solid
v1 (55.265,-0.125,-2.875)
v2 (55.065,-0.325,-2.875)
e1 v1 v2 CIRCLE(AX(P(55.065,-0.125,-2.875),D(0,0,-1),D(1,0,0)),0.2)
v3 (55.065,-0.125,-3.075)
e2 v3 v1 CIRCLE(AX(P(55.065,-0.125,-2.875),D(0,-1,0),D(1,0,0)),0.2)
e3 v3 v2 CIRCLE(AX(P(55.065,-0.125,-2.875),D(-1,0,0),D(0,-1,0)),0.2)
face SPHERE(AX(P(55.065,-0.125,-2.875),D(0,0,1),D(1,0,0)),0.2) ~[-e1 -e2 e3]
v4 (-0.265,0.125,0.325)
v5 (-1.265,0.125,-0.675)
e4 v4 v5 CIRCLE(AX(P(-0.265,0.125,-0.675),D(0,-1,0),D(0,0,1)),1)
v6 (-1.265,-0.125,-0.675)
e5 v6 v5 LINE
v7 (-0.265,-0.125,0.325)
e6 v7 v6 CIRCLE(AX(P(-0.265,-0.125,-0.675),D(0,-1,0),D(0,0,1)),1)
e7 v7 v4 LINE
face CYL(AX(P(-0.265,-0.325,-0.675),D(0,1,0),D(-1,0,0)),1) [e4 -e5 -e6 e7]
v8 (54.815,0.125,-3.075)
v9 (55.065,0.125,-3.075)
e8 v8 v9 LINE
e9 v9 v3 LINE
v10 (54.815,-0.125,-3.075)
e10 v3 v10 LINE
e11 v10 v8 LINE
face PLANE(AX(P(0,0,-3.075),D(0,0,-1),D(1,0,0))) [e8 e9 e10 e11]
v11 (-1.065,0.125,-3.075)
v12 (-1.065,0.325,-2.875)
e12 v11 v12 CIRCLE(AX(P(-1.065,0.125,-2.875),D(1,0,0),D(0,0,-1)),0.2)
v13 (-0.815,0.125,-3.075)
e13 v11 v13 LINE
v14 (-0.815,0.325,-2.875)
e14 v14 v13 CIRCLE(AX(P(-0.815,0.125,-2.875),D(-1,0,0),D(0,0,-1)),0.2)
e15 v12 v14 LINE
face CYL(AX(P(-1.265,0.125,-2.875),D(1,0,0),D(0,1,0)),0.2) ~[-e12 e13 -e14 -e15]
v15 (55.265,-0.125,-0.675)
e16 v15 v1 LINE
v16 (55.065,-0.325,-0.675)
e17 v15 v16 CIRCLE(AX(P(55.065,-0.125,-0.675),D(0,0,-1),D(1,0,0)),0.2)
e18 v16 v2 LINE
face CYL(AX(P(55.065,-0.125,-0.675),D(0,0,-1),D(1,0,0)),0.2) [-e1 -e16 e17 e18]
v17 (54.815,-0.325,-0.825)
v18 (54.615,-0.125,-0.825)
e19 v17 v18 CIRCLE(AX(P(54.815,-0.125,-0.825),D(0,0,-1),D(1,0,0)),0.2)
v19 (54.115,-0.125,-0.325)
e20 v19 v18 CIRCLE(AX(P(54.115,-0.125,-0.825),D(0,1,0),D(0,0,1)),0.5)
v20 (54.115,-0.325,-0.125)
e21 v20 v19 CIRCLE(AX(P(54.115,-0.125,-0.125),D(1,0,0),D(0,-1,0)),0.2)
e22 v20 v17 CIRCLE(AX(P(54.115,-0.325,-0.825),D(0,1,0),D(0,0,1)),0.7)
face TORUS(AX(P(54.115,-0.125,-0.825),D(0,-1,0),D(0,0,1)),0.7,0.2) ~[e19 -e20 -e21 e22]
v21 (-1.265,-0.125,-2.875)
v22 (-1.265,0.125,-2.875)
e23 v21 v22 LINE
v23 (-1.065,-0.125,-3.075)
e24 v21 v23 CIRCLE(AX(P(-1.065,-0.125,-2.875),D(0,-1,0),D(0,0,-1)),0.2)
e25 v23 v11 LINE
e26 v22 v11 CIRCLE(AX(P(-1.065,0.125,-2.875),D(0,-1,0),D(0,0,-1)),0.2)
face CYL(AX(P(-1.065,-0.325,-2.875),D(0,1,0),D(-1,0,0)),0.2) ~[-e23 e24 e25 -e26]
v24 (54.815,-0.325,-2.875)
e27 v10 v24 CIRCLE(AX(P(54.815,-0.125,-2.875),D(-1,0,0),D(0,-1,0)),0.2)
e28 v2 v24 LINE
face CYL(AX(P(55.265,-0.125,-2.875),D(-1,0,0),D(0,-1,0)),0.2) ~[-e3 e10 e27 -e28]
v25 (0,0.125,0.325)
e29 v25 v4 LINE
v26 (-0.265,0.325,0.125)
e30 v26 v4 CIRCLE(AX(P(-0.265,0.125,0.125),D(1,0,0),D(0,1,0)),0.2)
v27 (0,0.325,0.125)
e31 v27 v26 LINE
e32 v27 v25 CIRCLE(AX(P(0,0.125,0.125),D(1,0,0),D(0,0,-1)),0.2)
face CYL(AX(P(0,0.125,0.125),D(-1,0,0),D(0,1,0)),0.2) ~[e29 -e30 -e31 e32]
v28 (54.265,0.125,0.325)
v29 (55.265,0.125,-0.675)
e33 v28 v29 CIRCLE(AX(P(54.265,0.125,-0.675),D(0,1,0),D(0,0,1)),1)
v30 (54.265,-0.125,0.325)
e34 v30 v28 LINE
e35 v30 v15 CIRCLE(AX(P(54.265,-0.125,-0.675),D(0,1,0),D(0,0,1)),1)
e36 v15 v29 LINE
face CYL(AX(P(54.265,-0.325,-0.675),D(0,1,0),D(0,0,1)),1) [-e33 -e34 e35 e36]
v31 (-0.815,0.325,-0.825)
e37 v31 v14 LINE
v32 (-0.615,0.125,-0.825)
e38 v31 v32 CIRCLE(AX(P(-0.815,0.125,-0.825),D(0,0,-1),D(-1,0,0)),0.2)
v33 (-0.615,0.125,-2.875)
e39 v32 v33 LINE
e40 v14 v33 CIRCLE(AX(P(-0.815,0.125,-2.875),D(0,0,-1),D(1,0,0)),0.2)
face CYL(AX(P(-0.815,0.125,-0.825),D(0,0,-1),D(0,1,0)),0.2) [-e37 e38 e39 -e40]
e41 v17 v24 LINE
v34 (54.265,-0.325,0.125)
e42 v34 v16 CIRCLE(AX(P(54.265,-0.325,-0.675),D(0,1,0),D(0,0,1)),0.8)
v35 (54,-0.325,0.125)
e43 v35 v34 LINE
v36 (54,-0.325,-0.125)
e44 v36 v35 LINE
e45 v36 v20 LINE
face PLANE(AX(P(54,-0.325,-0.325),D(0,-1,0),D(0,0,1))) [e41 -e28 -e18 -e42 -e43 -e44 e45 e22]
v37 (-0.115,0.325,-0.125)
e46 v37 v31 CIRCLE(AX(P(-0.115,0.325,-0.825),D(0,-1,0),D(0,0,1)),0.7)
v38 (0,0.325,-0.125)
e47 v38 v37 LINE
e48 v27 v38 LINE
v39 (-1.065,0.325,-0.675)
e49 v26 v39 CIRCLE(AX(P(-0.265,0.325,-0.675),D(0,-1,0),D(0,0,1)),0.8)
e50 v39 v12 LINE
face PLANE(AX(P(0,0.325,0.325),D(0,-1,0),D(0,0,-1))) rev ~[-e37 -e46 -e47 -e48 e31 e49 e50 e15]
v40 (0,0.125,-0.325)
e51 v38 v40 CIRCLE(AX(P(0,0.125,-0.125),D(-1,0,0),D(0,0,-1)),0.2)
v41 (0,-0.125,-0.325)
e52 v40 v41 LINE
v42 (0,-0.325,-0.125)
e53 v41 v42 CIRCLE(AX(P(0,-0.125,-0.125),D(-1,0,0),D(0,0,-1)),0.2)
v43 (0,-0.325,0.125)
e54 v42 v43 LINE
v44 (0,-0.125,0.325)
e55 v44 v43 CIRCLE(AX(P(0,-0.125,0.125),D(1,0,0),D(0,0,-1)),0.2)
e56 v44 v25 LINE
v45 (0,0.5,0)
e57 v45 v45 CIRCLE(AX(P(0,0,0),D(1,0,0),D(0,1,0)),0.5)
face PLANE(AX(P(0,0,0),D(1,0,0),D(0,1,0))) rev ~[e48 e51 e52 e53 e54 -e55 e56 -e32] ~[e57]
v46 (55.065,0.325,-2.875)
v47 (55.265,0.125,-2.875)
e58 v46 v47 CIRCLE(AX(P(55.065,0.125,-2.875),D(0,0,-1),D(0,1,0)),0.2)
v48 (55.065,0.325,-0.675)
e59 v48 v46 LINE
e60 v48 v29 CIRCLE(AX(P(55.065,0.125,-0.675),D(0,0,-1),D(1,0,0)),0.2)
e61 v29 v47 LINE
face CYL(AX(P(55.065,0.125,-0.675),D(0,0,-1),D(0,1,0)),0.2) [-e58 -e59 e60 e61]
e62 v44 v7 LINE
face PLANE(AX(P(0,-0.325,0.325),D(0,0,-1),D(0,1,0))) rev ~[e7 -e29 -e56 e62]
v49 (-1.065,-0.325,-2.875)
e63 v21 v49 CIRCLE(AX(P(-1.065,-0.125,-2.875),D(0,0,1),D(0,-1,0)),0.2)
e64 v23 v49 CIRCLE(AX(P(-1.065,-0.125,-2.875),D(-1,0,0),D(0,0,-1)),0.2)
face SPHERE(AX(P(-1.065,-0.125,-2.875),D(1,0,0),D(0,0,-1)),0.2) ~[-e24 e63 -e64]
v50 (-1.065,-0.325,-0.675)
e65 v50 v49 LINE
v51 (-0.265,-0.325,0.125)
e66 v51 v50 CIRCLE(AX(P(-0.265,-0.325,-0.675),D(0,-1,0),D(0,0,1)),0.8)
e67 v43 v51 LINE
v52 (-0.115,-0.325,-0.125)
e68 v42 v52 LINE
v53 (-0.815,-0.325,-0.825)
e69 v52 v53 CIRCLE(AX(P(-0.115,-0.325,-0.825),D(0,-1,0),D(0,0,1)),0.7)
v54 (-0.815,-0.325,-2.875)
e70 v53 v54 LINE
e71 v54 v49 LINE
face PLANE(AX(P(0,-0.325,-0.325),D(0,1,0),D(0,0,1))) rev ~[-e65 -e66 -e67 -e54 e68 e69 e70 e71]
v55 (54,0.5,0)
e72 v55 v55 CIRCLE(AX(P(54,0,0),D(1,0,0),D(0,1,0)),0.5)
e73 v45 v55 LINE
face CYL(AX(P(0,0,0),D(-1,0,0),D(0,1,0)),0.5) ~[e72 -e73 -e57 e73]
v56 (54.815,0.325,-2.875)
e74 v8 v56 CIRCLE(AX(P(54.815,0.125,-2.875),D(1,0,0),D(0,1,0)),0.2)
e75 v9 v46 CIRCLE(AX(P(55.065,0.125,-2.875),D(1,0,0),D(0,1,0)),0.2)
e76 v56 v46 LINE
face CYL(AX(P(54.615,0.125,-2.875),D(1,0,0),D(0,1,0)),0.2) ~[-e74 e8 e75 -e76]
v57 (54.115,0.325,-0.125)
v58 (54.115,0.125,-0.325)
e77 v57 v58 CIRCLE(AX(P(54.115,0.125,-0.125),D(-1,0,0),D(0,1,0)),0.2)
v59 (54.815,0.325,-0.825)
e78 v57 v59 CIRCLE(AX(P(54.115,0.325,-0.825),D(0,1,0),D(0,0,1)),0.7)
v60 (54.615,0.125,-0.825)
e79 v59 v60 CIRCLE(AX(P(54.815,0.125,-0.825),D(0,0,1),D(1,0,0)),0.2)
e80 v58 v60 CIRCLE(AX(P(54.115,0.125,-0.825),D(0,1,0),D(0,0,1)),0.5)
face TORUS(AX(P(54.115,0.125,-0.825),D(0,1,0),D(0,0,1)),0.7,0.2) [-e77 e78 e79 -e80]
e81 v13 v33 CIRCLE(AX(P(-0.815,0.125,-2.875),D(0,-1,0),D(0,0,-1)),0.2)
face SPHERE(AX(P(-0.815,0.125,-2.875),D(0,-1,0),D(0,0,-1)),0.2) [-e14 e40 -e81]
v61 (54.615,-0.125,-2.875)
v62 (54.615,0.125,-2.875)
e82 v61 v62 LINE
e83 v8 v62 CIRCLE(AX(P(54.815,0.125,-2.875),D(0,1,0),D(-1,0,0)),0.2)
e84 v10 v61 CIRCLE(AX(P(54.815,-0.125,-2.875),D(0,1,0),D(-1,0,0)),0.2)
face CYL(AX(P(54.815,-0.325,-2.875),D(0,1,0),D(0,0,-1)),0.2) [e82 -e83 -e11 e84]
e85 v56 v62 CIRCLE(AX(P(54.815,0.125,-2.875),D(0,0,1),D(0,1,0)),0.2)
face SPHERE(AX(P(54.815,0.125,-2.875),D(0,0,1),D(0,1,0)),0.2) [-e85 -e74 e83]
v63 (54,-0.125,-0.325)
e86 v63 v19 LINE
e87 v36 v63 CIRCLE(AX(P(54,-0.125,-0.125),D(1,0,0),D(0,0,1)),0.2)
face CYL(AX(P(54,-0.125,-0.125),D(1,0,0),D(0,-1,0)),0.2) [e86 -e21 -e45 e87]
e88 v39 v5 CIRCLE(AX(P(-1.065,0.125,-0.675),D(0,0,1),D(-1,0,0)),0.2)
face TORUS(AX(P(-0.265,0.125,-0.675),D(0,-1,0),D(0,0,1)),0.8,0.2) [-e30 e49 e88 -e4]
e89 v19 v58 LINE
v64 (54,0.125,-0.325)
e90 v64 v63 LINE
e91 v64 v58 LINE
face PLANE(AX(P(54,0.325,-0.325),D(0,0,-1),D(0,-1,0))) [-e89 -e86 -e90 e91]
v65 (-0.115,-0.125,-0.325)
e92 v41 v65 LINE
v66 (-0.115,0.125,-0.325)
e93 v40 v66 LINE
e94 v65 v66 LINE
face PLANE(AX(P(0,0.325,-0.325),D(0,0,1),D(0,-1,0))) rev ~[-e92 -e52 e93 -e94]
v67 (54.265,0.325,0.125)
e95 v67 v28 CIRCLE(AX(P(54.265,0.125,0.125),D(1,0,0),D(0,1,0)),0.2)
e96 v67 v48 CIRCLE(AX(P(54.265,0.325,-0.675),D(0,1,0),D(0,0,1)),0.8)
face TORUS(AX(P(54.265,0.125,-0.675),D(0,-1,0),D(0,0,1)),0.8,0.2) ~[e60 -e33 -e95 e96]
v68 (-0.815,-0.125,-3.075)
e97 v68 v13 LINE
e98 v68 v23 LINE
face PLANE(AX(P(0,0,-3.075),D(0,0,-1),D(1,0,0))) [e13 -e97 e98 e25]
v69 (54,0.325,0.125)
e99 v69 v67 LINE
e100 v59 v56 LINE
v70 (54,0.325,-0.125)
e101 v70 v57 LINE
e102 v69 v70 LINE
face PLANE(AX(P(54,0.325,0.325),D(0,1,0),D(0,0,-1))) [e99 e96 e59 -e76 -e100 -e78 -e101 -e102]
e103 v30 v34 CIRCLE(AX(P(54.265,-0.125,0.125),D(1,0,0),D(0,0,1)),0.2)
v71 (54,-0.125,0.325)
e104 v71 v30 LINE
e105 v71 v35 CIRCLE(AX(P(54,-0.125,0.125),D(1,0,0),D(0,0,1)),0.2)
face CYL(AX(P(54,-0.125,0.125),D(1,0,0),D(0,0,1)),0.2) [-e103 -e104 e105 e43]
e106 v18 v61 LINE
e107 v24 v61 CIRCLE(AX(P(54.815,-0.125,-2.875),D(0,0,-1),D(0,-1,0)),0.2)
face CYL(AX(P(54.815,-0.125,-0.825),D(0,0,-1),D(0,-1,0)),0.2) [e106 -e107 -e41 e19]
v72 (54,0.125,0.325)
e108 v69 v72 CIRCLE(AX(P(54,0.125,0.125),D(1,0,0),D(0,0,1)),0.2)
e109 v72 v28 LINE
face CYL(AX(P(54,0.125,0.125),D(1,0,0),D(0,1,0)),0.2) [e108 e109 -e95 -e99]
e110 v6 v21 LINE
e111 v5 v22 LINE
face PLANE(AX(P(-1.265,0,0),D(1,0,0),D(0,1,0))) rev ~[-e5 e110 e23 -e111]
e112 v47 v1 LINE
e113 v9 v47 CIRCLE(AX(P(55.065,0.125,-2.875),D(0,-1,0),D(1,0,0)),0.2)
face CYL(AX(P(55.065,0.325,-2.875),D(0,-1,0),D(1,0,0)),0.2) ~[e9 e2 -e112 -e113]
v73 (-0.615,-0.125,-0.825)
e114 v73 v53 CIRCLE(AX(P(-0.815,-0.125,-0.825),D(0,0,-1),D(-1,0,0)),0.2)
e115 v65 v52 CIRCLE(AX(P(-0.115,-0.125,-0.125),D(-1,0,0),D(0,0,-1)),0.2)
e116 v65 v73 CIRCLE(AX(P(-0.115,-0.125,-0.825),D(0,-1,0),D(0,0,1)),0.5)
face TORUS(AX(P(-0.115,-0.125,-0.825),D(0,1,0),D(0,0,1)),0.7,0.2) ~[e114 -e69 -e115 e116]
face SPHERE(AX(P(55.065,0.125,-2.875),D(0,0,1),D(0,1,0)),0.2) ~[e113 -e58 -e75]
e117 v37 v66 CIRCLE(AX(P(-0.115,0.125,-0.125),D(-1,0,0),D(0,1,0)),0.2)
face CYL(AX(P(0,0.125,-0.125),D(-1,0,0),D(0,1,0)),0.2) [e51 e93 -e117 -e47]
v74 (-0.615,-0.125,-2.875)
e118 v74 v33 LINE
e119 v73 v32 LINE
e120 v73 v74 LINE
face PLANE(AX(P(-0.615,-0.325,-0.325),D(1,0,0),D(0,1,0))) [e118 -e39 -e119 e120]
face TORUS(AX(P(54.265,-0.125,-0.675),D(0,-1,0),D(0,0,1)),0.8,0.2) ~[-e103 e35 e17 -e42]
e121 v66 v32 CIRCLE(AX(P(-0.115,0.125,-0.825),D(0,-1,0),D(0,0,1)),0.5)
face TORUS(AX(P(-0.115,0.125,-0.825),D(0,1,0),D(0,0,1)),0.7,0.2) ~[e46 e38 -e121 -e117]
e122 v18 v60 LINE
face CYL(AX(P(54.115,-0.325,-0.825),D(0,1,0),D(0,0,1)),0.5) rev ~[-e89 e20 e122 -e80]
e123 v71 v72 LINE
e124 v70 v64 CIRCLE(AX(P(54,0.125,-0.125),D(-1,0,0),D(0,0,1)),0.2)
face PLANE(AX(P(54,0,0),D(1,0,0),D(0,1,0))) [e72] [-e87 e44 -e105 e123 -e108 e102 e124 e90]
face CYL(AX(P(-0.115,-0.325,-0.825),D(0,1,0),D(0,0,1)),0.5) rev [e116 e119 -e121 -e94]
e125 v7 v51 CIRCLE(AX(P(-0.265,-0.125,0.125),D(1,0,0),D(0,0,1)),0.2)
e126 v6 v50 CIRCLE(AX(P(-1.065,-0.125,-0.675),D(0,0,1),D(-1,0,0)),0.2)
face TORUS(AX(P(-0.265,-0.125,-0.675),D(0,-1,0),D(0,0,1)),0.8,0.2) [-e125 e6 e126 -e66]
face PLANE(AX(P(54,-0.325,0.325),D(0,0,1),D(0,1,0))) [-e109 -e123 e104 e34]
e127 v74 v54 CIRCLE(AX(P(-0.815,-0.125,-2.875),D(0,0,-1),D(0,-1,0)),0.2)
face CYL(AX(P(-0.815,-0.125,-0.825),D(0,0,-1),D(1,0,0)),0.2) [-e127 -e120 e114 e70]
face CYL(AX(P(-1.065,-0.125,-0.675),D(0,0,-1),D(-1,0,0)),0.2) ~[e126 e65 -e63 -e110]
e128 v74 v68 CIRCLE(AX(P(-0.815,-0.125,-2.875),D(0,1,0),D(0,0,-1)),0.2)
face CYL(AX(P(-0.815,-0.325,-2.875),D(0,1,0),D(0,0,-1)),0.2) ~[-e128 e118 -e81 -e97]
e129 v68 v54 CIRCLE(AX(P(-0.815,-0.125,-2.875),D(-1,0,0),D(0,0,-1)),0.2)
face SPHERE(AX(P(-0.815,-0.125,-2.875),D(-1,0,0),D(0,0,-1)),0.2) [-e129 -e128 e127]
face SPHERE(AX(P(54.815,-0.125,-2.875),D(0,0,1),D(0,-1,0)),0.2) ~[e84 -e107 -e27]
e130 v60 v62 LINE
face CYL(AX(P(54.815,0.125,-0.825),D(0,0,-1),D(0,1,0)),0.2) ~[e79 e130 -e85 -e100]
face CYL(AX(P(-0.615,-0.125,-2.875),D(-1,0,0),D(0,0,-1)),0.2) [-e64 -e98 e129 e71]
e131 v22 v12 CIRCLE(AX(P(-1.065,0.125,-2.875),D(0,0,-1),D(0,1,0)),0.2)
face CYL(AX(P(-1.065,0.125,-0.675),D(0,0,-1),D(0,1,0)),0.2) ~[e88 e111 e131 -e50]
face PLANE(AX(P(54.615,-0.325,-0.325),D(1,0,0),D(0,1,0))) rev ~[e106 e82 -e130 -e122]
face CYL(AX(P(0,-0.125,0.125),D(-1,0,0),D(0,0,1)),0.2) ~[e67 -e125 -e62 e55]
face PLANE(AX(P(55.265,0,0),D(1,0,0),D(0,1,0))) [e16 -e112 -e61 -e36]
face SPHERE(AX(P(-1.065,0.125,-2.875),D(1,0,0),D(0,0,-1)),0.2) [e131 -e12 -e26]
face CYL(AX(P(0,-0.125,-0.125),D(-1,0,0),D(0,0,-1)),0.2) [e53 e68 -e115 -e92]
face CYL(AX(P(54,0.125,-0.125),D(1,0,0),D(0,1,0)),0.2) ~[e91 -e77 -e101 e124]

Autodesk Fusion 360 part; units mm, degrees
sketch "Sketch1" plane through (0, 0, 0) normal (1, 0, 0) x (0, 1, 0)
  circle A0 centre (0, 0) radius 0.5
  line L0 (0.325, -0.325) -> (-0.325, -0.325)
  line L1 (-0.325, -0.325) -> (-0.325, 0.325)
  line L2 (-0.325, 0.325) -> (0.325, 0.325)
  line L3 (0.325, 0.325) -> (0.325, -0.325)
  line L4 (0.325, -0.325) -> (-0.325, 0.325) construction
  line L5 (-0.325, -0.325) -> (0.325, 0.325) construction
  dimension "d1" = 1
  dimension "d2" = 0.65
  dimension "d3" = 0.65
extrude "Extrude1" add sketch "Sketch1" along normal blind 54 contours A0 | L0 L1 L2 L3
sketch "Sketch2" plane through (54, 0, 0) normal (1, 0, 0) x (0, 1, 0)
  circle A0 centre (0, 0) radius 0.5
  line L0 (0.325, -0.325) -> (-0.325, -0.325)
  line L1 (-0.325, -0.325) -> (-0.325, 0.325)
  line L2 (-0.325, 0.325) -> (0.325, 0.325)
  line L3 (0.325, 0.325) -> (0.325, -0.325)
  line L4 (0.325, -0.325) -> (-0.325, 0.325) construction
  line L5 (-0.325, -0.325) -> (0.325, 0.325) construction
  dimension "d8" = 0.65
  dimension "d9" = 0.65
extrude "Extrude2" add sketch "Sketch2" along normal blind 1.265 contours L0 L1 L2 L3
extrude "Extrude3" add sketch "Sketch1" against normal blind 1.265 contours L0 L1 L2 L3
sketch "Sketch3" plane through (0, 0, -0.325) normal (0, 0, -1) x (1, 0, 0)
  line L0 (54, 0.325) -> (54, -0.325)
  line L1 (54, -0.325) -> (55.265, -0.325)
  line L2 (55.265, -0.325) -> (55.265, 0.325)
  line L3 (55.265, 0.325) -> (54, 0.325)
  line L4 (55.265, 0.325) -> (54.615, 0.325)
  line L5 (54.615, 0.325) -> (54.615, -0.325)
  line L6 (54.615, -0.325) -> (55.265, -0.325)
  line L7 (55.265, -0.325) -> (55.265, 0.325)
  line L8 (55.265, 0.325) -> (54.615, -0.325) construction
  line L9 (54.615, 0.325) -> (55.265, -0.325) construction
  point P0 (54.94, 0)
  dimension "d14" = 0.65
  dimension "d15" = 0.65
sketch "Sketch4" plane through (0, 0, -0.325) normal (0, 0, -1) x (1, 0, 0)
  line L0 (0, -0.325) -> (0, 0.325)
  line L1 (0, 0.325) -> (-1.265, 0.325)
  line L2 (-1.265, 0.325) -> (-1.265, -0.325)
  line L3 (-1.265, -0.325) -> (0, -0.325)
  line L4 (-0.615, -0.325) -> (-1.265, -0.325)
  line L5 (-1.265, -0.325) -> (-1.265, 0.325)
  line L6 (-1.265, 0.325) -> (-0.615, 0.325)
  line L7 (-0.615, 0.325) -> (-0.615, -0.325)
  line L8 (-0.615, -0.325) -> (-1.265, 0.325) construction
  line L9 (-1.265, -0.325) -> (-0.615, 0.325) construction
  point P0 (-0.94, 0)
  dimension "d17" = 0.65
  dimension "d18" = 0.65
extrude "Extrude4" add sketch "Sketch4" sketch "Sketch3" along normal blind 2.75 contours L1 L2 L3 L4 L5 L6 L7 of sketch 2 contours L1 L2 L3 L4 L5 L6 L7
fillet "Fillet1" radius 0.5 2 edges at (-0.615, 0, -0.325) (54.615, 0, -0.325)
fillet "Fillet2" radius 1 2 edges at (-1.265, 0, 0.325) (55.265, 0, 0.325)
fillet "Fillet3" radius 0.2 28 edges at (-0.94, -0.325, -3.075) (-0.615, 0, -3.075) (-0.94, 0.325, -3.075) (-1.265, 0, -3.075) (-0.4686, -0.325, -0.4714) (-0.615, -0.325, -1.95) (-0.1325, -0.325, 0.325) (-0.9721, -0.325, 0.0321) (-1.265, -0.325, -1.875) (-0.1325, 0.325, 0.325) (-0.9721, 0.325, 0.0321) (-1.265, 0.325, -1.875) (-0.4686, 0.325, -0.4714) (-0.615, 0.325, -1.95) (54.1325, -0.325, 0.325) (54.9721, -0.325, 0.0321) (55.265, -0.325, -1.875) (54.615, -0.325, -1.95) (54.4686, -0.325, -0.4714) (55.265, 0.325, -1.875) (54.9721, 0.325, 0.0321) (54.1325, 0.325, 0.325) (54.4686, 0.325, -0.4714) (54.615, 0.325, -1.95) (54.94, 0.325, -3.075) (55.265, 0, -3.075) (54.94, -0.325, -3.075) (54.615, 0, -3.075)
equation "d1 = width"
equation "d2 = d3"
equation "d3 = d1 * 0.65"
equation "width = 1 mm"
equation "baseLenght = 54 mm"
equation "d6 = baseLenght"
equation "d8 = width * 0.65"
equation "d9 = d8"
equation "d10 = ( ( 2.54 * ceil(( baseLenght + 1.3 * width ) / 2.54 mm) ) * 1 mm + 0.65 * width - baseLenght ) / 2"
equation "d12 = -( ( 2.54 * ceil(( baseLenght + 1.3 * width ) / 2.54 mm) ) * 1 mm + 0.65 * width - baseLenght ) / 2"
equation "d14 = width * 0.65"
equation "d15 = d14"
equation "d17 = width * 0.65"
equation "d18 = d17"
equation "d26 = 0.2 * width"
